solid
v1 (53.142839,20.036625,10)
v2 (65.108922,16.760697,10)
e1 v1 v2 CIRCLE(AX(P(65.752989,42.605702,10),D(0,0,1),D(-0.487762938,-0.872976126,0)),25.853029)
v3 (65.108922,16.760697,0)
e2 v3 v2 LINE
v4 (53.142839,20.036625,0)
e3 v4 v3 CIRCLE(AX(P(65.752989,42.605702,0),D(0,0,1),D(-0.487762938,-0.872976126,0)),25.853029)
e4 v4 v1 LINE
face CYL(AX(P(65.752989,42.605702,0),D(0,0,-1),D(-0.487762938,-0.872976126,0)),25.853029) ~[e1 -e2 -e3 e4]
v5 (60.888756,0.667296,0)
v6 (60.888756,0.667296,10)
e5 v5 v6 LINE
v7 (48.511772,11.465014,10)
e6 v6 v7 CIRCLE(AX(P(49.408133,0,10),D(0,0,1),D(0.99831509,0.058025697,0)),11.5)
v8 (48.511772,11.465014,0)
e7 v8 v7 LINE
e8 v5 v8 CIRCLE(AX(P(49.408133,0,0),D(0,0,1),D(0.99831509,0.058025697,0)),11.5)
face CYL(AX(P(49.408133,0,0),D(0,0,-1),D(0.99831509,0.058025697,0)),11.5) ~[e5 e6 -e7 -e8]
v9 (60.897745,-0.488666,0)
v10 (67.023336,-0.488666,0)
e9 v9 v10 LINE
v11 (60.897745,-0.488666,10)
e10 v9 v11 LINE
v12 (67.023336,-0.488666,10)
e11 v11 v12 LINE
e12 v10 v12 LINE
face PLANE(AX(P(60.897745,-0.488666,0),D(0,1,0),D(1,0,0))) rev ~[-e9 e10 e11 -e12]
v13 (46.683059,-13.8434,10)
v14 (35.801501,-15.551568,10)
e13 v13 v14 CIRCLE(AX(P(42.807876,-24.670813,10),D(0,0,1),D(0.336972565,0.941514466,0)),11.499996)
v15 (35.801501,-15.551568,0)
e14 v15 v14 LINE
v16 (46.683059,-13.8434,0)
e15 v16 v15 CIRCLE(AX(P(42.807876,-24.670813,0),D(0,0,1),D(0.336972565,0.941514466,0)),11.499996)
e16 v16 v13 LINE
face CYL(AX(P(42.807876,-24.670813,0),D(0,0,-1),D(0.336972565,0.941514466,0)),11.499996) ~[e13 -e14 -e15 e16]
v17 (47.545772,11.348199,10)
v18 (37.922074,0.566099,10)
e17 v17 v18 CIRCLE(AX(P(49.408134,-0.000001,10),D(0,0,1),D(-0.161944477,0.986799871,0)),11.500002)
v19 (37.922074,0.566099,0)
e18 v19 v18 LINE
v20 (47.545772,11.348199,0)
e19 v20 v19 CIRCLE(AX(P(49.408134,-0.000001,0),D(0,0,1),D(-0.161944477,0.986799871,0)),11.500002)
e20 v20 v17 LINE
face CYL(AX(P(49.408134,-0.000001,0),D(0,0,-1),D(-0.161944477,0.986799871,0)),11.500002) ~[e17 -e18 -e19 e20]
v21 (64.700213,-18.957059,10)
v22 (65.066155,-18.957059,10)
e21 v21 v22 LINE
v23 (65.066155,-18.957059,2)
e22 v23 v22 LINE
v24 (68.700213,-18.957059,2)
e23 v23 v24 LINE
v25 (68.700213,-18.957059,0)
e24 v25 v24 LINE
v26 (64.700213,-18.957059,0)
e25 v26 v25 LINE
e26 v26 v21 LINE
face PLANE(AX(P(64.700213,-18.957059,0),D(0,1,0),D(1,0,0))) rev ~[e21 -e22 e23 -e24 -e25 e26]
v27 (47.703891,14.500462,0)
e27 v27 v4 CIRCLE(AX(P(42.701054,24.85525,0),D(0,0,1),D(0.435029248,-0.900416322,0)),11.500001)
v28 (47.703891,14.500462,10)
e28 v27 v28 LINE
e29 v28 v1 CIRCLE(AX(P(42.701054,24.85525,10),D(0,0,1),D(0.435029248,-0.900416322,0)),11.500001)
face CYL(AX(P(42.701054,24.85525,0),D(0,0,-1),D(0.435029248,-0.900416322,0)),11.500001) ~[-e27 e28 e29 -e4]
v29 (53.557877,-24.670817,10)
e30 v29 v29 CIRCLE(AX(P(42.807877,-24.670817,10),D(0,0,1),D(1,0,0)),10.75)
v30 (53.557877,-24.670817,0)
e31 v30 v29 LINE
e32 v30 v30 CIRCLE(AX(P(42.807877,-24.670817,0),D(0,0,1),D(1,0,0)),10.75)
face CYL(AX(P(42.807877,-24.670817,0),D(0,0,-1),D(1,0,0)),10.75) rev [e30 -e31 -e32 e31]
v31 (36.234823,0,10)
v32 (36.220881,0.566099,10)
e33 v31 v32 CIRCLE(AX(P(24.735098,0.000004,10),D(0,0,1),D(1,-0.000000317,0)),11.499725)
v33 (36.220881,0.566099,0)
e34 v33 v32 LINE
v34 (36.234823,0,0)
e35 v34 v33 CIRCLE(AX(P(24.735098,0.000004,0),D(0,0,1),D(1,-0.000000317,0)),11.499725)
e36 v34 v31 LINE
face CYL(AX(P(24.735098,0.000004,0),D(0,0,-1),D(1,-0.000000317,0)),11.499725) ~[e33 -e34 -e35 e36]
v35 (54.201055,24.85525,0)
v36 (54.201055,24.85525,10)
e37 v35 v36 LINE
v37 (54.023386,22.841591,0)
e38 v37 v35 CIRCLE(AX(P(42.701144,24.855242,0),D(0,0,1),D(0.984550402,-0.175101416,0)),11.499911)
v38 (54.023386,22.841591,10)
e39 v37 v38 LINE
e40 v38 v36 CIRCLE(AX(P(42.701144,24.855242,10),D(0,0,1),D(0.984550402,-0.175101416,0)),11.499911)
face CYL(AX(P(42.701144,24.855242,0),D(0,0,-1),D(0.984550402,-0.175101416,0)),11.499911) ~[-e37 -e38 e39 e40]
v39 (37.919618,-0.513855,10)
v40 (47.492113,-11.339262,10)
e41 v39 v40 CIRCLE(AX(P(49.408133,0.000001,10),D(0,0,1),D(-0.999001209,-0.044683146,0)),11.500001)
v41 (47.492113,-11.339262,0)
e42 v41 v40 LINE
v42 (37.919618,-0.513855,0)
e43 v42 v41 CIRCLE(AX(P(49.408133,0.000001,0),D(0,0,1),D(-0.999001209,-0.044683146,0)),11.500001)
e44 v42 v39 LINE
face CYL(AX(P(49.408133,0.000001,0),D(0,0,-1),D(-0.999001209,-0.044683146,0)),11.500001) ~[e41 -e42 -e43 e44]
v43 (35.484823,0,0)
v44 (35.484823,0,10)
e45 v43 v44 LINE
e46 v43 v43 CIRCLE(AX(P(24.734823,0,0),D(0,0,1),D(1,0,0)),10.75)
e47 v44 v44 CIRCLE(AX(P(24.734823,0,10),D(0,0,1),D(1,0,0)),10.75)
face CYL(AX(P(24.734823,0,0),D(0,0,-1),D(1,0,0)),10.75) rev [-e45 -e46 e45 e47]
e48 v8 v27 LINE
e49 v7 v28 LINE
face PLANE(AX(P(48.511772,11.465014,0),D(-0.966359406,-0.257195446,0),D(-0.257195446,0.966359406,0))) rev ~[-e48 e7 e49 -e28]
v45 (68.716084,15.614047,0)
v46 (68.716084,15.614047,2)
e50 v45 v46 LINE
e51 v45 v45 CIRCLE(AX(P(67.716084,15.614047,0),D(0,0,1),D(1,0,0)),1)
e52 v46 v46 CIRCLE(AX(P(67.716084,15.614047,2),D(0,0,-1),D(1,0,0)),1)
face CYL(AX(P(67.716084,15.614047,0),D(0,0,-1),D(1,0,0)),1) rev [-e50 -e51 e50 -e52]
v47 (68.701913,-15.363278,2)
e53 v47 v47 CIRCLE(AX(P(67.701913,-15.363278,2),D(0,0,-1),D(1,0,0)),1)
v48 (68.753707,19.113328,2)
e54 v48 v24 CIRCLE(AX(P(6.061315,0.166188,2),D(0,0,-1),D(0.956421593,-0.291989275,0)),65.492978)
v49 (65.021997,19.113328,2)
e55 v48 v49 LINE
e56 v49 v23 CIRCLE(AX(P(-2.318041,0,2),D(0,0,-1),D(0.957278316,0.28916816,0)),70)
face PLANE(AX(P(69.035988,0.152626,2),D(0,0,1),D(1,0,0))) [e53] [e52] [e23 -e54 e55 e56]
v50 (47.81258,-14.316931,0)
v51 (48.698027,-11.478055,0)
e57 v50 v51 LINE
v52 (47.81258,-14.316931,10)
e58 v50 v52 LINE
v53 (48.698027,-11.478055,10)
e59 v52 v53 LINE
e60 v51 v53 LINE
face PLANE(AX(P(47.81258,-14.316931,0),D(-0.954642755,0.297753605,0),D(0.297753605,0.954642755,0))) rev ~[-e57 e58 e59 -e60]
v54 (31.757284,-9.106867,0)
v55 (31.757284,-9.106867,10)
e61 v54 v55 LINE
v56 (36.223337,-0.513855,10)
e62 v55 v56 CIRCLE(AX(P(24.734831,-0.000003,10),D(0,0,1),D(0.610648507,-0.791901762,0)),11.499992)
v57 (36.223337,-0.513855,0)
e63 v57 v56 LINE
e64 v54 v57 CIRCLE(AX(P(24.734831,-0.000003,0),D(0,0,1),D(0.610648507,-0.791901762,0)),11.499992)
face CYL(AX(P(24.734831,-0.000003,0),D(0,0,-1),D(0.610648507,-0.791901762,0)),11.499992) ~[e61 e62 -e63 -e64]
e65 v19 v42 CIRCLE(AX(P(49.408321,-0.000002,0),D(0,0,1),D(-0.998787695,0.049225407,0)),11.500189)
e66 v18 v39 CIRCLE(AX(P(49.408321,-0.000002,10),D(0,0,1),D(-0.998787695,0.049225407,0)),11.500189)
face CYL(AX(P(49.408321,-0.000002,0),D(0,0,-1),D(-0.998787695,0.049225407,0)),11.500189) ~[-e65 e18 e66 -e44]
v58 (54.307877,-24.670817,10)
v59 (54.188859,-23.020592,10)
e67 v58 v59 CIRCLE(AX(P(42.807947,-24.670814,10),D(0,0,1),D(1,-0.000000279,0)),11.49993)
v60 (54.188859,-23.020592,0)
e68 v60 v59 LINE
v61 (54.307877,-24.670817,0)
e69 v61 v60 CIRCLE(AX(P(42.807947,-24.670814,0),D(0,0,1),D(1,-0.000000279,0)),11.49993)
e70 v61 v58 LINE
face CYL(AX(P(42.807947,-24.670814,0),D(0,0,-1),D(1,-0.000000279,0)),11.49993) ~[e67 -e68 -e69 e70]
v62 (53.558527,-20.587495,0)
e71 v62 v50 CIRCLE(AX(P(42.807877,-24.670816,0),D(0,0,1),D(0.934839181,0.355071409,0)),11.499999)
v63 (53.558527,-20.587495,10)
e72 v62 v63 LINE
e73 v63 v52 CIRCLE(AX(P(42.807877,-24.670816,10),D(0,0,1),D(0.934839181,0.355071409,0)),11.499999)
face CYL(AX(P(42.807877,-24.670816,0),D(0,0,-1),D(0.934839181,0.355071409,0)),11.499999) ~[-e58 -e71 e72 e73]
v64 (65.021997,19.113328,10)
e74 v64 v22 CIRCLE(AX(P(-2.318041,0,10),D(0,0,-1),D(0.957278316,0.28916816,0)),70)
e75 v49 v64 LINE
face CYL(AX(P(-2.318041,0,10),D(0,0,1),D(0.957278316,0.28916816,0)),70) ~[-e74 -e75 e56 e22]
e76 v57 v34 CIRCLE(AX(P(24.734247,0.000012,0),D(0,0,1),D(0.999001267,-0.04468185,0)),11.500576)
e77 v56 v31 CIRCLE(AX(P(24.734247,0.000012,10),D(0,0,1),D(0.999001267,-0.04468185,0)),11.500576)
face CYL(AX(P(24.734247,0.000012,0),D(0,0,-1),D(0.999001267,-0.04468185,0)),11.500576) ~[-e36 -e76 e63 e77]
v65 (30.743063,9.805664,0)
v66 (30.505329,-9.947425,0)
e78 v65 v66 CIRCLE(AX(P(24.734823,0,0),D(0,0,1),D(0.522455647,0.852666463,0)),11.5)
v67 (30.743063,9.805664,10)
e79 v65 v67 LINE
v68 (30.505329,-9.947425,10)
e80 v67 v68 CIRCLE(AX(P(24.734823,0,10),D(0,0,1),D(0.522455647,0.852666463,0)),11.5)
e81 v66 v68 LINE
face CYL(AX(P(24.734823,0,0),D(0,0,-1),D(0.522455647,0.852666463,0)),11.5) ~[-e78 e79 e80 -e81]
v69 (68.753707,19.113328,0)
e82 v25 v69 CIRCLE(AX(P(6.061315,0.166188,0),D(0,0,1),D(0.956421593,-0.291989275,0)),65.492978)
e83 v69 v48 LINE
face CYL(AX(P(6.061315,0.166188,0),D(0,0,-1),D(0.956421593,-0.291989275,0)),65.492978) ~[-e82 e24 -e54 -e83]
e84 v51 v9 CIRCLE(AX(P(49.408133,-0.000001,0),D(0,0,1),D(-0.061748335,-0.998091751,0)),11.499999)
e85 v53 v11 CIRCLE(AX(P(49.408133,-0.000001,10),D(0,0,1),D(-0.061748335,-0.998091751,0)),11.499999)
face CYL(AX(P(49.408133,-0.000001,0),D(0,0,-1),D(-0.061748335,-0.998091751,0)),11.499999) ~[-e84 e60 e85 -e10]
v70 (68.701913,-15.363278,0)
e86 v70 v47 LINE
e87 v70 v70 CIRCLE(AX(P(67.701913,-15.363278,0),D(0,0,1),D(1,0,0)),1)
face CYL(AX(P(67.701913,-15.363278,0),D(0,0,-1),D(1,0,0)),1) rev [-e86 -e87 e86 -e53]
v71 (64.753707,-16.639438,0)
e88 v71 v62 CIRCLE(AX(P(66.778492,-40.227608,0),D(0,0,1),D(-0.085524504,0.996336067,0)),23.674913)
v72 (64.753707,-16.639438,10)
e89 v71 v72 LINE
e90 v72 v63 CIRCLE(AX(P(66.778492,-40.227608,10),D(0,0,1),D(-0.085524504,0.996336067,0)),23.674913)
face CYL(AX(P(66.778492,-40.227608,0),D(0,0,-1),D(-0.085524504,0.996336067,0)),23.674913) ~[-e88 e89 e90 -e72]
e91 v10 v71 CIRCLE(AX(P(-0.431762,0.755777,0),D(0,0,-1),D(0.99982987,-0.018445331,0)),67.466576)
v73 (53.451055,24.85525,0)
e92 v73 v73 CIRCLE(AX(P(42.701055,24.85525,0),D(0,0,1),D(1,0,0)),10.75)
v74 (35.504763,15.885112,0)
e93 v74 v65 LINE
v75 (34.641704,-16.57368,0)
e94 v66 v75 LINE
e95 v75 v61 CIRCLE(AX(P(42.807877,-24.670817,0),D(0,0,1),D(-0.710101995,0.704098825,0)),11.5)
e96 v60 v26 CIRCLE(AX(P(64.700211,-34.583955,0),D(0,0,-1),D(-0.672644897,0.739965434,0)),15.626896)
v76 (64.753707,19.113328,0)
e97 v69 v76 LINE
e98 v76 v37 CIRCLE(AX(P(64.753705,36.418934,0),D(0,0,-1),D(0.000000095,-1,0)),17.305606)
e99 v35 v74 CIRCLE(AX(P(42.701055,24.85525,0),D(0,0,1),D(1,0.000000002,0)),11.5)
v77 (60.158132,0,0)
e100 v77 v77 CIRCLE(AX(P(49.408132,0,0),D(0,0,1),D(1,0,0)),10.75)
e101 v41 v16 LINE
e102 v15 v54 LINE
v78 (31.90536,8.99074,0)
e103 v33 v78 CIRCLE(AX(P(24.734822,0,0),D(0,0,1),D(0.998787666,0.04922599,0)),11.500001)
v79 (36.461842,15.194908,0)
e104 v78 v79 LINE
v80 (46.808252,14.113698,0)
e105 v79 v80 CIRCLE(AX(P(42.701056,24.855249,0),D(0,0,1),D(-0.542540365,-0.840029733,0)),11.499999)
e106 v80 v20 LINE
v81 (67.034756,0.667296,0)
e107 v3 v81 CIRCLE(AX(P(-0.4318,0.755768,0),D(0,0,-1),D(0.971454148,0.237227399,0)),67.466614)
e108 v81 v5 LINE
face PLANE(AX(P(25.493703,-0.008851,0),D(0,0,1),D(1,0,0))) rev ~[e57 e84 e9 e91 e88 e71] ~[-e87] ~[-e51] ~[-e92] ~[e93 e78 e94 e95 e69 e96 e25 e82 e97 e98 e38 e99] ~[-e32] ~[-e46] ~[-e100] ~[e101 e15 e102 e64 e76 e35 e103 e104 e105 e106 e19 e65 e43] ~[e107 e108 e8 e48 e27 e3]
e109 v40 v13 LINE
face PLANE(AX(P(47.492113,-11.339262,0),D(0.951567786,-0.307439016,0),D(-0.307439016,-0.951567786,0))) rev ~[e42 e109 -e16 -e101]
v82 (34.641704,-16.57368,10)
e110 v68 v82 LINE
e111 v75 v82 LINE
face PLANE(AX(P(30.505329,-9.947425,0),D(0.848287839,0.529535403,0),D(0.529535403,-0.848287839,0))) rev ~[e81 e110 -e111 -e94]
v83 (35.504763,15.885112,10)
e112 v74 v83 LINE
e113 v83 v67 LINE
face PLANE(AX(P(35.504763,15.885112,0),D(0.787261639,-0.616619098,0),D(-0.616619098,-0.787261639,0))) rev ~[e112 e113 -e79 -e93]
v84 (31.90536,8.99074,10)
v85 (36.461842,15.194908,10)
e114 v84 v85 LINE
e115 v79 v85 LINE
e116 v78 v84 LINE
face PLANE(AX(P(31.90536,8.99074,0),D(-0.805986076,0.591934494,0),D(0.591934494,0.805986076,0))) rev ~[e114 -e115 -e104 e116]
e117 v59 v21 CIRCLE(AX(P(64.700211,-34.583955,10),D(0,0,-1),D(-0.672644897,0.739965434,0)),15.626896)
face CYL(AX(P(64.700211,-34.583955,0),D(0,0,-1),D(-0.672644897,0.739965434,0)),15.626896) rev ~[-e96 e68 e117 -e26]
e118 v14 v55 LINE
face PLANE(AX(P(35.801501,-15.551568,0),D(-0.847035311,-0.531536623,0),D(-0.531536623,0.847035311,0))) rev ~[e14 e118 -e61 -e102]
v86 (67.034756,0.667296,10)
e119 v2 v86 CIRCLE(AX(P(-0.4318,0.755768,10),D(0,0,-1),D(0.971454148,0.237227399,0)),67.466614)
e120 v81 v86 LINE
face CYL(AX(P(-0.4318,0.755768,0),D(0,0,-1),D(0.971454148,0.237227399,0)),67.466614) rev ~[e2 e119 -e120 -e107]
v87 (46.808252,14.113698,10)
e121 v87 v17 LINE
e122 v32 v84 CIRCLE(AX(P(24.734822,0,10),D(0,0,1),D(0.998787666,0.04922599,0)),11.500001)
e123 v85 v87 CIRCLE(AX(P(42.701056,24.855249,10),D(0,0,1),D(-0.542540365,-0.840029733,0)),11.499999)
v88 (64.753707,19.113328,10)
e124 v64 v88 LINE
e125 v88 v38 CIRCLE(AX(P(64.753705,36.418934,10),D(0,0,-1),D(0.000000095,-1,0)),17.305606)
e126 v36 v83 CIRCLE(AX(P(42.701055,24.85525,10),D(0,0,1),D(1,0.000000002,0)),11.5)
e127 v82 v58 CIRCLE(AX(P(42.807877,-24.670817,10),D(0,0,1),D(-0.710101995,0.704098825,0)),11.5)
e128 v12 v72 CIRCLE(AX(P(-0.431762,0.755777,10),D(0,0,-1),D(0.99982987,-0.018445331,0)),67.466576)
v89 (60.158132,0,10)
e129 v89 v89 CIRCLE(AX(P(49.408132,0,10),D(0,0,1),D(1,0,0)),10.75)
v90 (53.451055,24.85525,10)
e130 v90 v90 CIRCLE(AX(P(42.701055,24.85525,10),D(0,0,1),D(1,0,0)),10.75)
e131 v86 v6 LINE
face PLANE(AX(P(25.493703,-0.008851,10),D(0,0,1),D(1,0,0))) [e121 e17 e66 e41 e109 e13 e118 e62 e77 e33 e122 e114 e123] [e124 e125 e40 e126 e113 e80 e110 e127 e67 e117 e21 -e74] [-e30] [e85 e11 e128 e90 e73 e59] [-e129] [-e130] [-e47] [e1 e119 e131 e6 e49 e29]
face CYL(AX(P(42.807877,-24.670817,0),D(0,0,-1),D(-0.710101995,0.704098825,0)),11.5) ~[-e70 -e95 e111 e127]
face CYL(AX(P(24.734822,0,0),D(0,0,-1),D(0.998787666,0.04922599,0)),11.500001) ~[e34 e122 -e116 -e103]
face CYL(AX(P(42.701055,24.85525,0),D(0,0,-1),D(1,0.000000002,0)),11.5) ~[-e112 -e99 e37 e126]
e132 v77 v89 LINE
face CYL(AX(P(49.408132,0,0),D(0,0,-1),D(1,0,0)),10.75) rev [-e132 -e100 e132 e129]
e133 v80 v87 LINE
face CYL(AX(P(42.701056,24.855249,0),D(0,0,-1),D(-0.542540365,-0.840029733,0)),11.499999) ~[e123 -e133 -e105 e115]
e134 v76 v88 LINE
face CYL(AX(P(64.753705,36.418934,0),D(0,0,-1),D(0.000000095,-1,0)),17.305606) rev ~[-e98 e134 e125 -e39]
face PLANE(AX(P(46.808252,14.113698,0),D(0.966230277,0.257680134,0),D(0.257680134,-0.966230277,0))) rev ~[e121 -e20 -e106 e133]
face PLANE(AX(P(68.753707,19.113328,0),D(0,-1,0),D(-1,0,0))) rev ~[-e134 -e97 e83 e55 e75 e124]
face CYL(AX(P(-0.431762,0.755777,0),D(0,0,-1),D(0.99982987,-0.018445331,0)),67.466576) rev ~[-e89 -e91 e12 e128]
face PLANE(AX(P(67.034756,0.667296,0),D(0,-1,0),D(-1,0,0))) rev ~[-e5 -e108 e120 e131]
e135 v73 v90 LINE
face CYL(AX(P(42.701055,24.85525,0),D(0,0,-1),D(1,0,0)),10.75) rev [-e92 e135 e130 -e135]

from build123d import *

# Parameters (mm, degrees)
F0_R     = 10.75
F0_R_2   = 1
F1_DEPTH = 10
F3_DEPTH = 8


with BuildPart() as f1:
    # F0 (on Top) → F1 (new body)
    with BuildSketch(Plane.XY):
        with BuildLine():
            ThreePointArc((36.223337, -0.513855), (36.231951, -0.256992), (36.234823, 0))
            ThreePointArc((36.234823, 0), (36.231337, 0.283136), (36.220881, 0.566099))
            ThreePointArc((36.220881, 0.566099), (34.970094, 5.243017), (31.90536, 8.99074))
            ThreePointArc((31.90536, 8.99074), (31.336797, 9.416153), (30.743063, 9.805664))
            ThreePointArc((30.743063, 9.805664), (13.235656, 0.138396), (30.505329, -9.947425))
            ThreePointArc((30.505329, -9.947425), (31.145099, -9.547689), (31.757284, -9.106867))
            ThreePointArc((31.757284, -9.106867), (34.938941, -5.303394), (36.223337, -0.513855))
        make_face()
        with Locations((24.734823, 0)):
            Circle(F0_R, mode=Mode.SUBTRACT)
        with BuildLine():
            ThreePointArc((30.743063, 9.805664), (31.336797, 9.416153), (31.90536, 8.99074))
            Line((31.90536, 8.99074), (36.461842, 15.194908))
            ThreePointArc((36.461842, 15.194908), (35.974444, 15.527726), (35.504763, 15.885112))
            Line((35.504763, 15.885112), (30.743063, 9.805664))
        make_face()
        with BuildLine():
            Line((35.801501, -15.551568), (31.757284, -9.106867))
            ThreePointArc((31.757284, -9.106867), (31.145099, -9.547689), (30.505329, -9.947425))
            Line((30.505329, -9.947425), (34.641704, -16.57368))
            ThreePointArc((34.641704, -16.57368), (35.204408, -16.043114), (35.801501, -15.551568))
        make_face()
        with BuildLine():
            ThreePointArc((35.504763, 15.885112), (35.974444, 15.527726), (36.461842, 15.194908))
            ThreePointArc((36.461842, 15.194908), (41.505803, 13.417533), (46.808252, 14.113698))
            ThreePointArc((46.808252, 14.113698), (47.260174, 14.297578), (47.703891, 14.500462))
            ThreePointArc((47.703891, 14.500462), (50.90449, 16.795867), (53.142839, 20.036625))
            ThreePointArc((53.142839, 20.036625), (53.673116, 21.410853), (54.023386, 22.841591))
            ThreePointArc((54.023386, 22.841591), (54.156552, 23.844509), (54.201055, 24.85525))
            ThreePointArc((54.201055, 24.85525), (37.726488, 35.223648), (35.504763, 15.885112))
        make_face()
        with Locations((42.701055, 24.85525)):
            Circle(F0_R, mode=Mode.SUBTRACT)
        with BuildLine():
            ThreePointArc((46.683059, -13.8434), (41.024466, -13.309943), (35.801501, -15.551568))
            ThreePointArc((35.801501, -15.551568), (35.204408, -16.043114), (34.641704, -16.57368))
            ThreePointArc((34.641704, -16.57368), (38.429578, -35.304748), (54.307877, -24.670817))
            ThreePointArc((54.307877, -24.670817), (54.278084, -23.843561), (54.188859, -23.020592))
            ThreePointArc((54.188859, -23.020592), (53.940365, -21.786771), (53.558527, -20.587495))
            ThreePointArc((53.558527, -20.587495), (51.286543, -16.901504), (47.81258, -14.316931))
            ThreePointArc((47.81258, -14.316931), (47.254128, -14.065118), (46.683059, -13.8434))
        make_face()
        with Locations((42.807877, -24.670817)):
            Circle(F0_R, mode=Mode.SUBTRACT)
        with BuildLine():
            ThreePointArc((64.753707, 19.113328), (59.073924, 20.071944), (54.023386, 22.841591))
            ThreePointArc((54.023386, 22.841591), (53.673116, 21.410853), (53.142839, 20.036625))
            ThreePointArc((53.142839, 20.036625), (58.92646, 17.670233), (65.108922, 16.760697))
            ThreePointArc((65.108922, 16.760697), (66.556881, 8.77204), (67.034756, 0.667296))
            ThreePointArc((67.034756, 0.667296), (67.031522, 0.08929), (67.023336, -0.488666))
            ThreePointArc((67.023336, -0.488666), (66.378356, -8.632887), (64.753707, -16.639438))
            ThreePointArc((64.753707, -16.639438), (58.90465, -17.900402), (53.558527, -20.587495))
            ThreePointArc((53.558527, -20.587495), (53.940365, -21.786771), (54.188859, -23.020592))
            ThreePointArc((54.188859, -23.020592), (59.06548, -20.008301), (64.700213, -18.957059))
            Line((64.700213, -18.957059), (68.700213, -18.957059))
            ThreePointArc((68.700213, -18.957059), (71.554228, 0.074162), (68.753707, 19.113328))
            Line((68.753707, 19.113328), (64.753707, 19.113328))
        make_face()
        with Locations((67.701913, -15.363278)):
            Circle(F0_R_2, mode=Mode.SUBTRACT)
        with Locations((67.716084, 15.614047)):
            Circle(F0_R_2, mode=Mode.SUBTRACT)
        with BuildLine():
            Line((67.034756, 0.667296), (60.888756, 0.667296))
            ThreePointArc((60.888756, 0.667296), (60.903287, 0.333789), (60.908132, 0))
            ThreePointArc((60.908132, 0), (60.905535, -0.244388), (60.897745, -0.488666))
            Line((60.897745, -0.488666), (67.023336, -0.488666))
            ThreePointArc((67.023336, -0.488666), (67.031522, 0.08929), (67.034756, 0.667296))
        make_face()
        with BuildLine():
            ThreePointArc((47.545772, 11.348199), (40.828594, 7.657775), (37.922074, 0.566099))
            ThreePointArc((37.922074, 0.566099), (37.908162, 0.026151), (37.919618, -0.513855))
            ThreePointArc((37.919618, -0.513855), (40.793161, -7.617891), (47.492113, -11.339262))
            ThreePointArc((47.492113, -11.339262), (48.093237, -11.424581), (48.698027, -11.478055))
            ThreePointArc((48.698027, -11.478055), (57.104957, -8.544524), (60.897745, -0.488666))
            ThreePointArc((60.897745, -0.488666), (60.905535, -0.244388), (60.908132, 0))
            ThreePointArc((60.908132, 0), (60.903287, 0.333789), (60.888756, 0.667296))
            ThreePointArc((60.888756, 0.667296), (56.968181, 8.665776), (48.511772, 11.465014))
            ThreePointArc((48.511772, 11.465014), (48.027536, 11.416828), (47.545772, 11.348199))
        make_face()
        with Locations((49.408132, 0)):
            Circle(F0_R, mode=Mode.SUBTRACT)
        with BuildLine():
            ThreePointArc((48.698027, -11.478055), (48.093237, -11.424581), (47.492113, -11.339262))
            Line((47.492113, -11.339262), (46.683059, -13.8434))
            ThreePointArc((46.683059, -13.8434), (47.254128, -14.065118), (47.81258, -14.316931))
            Line((47.81258, -14.316931), (48.698027, -11.478055))
        make_face()
        with BuildLine():
            Line((46.808252, 14.113698), (47.545772, 11.348199))
            ThreePointArc((47.545772, 11.348199), (48.027536, 11.416828), (48.511772, 11.465014))
            Line((48.511772, 11.465014), (47.703891, 14.500462))
            ThreePointArc((47.703891, 14.500462), (47.260174, 14.297578), (46.808252, 14.113698))
        make_face()
    extrude(amount=F1_DEPTH)

    # F2 (on face) → F3 (cut)
    with BuildSketch(Plane.XY.offset(10)):
        with BuildLine():
            ThreePointArc((64.691441, 20.241771), (67.681433, 0.271326), (64.846344, -19.721698))
            Line((64.846344, -19.721698), (72.092779, -18.957059))
            Line((72.092779, -18.957059), (72.688676, -0.838101))
            Line((72.688676, -0.838101), (70.528544, 20.241771))
            Line((70.528544, 20.241771), (64.691441, 20.241771))
        make_face()
    extrude(amount=-F3_DEPTH, mode=Mode.SUBTRACT)


solid = f1.part
